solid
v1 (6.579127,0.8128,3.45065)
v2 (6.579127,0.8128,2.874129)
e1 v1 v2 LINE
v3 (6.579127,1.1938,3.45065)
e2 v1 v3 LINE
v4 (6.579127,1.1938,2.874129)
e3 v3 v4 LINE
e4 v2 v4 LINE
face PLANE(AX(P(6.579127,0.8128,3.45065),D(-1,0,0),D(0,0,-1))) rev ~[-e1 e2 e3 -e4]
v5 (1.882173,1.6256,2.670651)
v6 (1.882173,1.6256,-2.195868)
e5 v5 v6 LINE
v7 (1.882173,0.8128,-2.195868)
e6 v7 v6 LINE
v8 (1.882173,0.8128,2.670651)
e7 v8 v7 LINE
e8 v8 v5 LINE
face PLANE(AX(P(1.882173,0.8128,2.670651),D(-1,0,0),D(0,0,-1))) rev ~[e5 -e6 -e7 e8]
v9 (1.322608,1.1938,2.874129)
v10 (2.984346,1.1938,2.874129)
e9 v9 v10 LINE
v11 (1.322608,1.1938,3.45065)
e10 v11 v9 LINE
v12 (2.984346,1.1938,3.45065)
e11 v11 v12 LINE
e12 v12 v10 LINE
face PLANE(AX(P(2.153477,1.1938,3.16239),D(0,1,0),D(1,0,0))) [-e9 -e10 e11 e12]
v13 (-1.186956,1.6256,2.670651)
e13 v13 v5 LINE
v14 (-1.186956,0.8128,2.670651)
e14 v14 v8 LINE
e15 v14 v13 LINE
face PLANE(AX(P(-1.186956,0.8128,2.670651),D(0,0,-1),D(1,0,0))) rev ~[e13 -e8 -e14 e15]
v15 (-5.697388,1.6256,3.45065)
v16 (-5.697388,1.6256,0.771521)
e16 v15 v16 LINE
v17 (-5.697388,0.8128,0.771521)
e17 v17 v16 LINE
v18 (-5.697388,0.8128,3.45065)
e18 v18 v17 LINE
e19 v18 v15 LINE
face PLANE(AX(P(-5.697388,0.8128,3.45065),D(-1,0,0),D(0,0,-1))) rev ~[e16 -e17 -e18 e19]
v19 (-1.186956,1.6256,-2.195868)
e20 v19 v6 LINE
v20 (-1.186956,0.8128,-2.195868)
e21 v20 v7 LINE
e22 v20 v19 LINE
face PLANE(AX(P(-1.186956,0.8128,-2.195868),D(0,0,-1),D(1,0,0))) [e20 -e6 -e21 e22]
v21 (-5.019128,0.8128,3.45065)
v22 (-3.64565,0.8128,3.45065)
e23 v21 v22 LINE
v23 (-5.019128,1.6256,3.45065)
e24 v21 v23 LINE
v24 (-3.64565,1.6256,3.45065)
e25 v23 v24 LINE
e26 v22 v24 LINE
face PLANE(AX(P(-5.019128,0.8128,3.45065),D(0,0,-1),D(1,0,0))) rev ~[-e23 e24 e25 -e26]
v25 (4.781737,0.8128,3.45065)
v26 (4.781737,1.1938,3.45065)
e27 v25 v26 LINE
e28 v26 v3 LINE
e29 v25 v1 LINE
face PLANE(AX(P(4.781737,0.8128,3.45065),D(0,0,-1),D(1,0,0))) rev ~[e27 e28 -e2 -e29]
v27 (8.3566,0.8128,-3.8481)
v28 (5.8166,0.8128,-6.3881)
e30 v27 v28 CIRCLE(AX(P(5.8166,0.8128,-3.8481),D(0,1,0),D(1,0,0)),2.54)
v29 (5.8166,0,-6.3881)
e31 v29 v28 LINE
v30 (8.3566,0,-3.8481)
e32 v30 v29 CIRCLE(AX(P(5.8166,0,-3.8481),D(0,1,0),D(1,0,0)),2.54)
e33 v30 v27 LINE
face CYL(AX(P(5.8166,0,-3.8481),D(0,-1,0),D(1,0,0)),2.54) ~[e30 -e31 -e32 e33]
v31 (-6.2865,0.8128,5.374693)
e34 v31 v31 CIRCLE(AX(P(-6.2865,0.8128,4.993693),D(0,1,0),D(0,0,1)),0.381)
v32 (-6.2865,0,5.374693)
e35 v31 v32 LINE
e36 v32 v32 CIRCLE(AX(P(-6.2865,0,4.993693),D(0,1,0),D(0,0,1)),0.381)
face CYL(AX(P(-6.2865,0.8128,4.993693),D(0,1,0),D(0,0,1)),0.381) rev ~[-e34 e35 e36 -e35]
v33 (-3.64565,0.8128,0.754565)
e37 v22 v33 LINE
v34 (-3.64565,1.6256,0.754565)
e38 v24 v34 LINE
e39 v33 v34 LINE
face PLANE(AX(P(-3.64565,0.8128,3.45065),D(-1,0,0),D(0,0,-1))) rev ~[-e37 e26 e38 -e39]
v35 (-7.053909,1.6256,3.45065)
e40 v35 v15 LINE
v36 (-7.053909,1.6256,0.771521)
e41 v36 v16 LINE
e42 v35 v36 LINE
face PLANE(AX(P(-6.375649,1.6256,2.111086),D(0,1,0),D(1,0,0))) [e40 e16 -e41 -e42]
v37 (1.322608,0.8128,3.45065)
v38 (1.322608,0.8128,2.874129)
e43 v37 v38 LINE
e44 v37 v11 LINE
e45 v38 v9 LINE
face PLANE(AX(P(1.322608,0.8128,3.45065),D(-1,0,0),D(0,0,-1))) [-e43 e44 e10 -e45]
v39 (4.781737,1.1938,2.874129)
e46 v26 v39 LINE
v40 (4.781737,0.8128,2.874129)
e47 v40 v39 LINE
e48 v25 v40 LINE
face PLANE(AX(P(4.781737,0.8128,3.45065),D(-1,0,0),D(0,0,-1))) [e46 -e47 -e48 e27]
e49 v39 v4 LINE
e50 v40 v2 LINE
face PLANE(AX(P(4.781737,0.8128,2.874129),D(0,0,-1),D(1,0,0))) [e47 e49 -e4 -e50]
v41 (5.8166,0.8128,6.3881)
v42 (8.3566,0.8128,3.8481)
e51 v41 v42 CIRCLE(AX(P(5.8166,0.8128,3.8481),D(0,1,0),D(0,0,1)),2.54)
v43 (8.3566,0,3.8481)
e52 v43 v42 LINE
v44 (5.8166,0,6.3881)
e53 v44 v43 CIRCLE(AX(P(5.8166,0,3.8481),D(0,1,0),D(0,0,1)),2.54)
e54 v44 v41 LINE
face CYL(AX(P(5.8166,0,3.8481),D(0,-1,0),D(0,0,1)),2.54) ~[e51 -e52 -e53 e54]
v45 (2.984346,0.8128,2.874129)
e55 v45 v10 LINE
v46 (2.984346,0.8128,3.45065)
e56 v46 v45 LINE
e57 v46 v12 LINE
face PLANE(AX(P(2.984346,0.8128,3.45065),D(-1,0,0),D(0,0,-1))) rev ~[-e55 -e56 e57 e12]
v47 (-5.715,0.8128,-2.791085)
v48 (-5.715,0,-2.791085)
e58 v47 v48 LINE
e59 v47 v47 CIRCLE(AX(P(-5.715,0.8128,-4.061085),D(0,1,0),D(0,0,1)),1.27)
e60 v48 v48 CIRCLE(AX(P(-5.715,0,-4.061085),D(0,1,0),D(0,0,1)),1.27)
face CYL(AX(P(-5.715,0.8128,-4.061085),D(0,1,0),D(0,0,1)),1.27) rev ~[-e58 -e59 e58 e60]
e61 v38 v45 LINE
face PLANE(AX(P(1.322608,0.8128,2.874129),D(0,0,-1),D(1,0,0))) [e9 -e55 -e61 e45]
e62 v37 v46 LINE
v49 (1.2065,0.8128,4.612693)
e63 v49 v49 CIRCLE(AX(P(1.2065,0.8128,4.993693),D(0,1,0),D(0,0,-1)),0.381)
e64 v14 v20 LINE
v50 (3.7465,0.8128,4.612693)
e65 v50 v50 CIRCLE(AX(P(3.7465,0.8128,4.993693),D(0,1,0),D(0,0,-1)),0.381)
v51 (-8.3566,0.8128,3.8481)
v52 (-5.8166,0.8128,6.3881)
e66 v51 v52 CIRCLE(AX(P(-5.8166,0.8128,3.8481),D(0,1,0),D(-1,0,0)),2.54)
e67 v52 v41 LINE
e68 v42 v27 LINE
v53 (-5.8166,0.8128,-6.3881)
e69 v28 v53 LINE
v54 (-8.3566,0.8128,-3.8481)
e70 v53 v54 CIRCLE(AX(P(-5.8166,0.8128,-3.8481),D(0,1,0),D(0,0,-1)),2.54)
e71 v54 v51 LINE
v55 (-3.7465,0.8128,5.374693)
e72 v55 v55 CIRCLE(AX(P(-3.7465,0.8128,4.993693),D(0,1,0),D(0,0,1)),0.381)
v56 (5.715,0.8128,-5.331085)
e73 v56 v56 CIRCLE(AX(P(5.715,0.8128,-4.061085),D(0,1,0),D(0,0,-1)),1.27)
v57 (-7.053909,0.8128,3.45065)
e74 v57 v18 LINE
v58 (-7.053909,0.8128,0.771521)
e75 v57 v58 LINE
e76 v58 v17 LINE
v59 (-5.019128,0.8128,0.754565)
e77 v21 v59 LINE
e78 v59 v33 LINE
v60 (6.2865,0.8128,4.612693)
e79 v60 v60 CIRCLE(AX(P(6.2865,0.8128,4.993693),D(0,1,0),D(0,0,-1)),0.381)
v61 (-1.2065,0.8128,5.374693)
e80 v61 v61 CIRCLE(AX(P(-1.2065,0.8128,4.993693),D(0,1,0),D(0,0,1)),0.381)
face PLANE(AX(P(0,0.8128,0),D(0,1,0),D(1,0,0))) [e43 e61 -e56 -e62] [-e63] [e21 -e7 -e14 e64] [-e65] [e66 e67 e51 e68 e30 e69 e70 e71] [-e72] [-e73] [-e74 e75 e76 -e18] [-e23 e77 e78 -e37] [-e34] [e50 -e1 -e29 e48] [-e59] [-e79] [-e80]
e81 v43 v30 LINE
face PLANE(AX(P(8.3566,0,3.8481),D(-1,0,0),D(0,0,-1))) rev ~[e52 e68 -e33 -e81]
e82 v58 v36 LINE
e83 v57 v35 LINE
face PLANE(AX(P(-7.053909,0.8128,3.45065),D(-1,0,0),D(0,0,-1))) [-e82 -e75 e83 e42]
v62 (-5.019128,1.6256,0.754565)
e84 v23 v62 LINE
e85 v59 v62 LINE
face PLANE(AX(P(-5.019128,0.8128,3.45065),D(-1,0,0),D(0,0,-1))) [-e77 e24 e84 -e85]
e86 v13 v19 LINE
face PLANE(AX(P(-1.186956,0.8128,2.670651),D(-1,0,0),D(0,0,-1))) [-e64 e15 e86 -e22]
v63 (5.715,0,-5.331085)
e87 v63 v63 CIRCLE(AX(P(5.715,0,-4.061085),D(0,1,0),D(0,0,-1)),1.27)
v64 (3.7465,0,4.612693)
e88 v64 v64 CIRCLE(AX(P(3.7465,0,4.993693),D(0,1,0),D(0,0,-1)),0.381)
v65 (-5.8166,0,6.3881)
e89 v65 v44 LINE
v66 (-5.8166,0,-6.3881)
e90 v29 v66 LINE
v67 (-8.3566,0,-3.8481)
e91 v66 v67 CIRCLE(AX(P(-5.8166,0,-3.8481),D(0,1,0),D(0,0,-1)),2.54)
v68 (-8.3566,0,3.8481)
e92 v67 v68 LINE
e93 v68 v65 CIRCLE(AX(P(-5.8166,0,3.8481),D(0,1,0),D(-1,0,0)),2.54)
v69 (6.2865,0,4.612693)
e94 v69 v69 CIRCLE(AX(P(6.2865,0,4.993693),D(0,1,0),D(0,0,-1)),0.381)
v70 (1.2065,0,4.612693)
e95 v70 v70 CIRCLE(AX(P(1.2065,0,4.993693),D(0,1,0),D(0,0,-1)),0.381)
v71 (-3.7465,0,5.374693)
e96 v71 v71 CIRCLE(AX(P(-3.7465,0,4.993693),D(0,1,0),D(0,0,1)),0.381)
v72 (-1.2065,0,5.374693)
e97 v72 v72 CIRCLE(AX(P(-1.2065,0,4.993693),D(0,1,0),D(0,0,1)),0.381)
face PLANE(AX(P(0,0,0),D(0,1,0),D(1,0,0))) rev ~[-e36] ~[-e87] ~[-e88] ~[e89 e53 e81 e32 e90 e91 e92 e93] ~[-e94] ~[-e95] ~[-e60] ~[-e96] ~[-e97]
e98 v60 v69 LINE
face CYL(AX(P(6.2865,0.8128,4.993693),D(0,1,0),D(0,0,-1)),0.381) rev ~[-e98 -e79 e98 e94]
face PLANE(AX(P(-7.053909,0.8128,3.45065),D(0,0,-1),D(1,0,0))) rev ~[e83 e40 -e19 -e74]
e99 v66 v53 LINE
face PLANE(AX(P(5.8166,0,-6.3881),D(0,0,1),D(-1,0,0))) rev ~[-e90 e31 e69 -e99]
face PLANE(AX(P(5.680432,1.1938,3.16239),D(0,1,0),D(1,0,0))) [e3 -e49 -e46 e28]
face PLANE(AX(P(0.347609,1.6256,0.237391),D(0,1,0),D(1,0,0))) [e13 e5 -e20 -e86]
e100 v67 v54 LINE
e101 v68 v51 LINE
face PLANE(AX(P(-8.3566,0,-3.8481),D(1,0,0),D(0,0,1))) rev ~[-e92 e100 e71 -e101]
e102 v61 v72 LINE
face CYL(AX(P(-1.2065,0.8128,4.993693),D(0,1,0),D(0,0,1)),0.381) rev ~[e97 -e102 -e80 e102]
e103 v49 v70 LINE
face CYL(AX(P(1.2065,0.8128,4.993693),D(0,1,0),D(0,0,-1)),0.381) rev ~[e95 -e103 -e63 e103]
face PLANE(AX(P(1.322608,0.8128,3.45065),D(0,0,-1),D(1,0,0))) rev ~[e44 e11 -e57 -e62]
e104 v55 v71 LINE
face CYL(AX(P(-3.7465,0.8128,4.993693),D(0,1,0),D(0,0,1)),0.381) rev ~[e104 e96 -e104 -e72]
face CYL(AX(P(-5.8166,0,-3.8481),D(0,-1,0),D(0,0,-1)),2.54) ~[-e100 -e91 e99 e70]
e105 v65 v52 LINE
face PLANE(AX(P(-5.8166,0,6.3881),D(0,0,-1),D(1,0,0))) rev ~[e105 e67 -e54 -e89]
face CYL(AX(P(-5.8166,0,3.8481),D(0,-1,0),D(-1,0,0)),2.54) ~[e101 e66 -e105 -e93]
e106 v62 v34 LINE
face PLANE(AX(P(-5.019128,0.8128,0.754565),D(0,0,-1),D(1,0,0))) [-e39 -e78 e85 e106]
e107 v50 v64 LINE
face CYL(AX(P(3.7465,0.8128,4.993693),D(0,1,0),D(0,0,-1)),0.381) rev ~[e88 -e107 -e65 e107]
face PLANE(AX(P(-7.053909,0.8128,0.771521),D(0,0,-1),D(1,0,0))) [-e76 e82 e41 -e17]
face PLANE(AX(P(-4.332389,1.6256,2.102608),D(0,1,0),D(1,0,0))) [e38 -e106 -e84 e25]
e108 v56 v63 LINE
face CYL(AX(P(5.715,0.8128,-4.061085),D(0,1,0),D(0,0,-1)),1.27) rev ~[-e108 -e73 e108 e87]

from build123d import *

# Parameters (mm, degrees)
BOSS_EXTRUDE1_DEPTH = 0.8128
SKETCH2_R           = 0.381
SKETCH2_R_2         = 1.27
CUT_EXTRUDE1_DEPTH  = 0.8128
SKETCH4_W           = 3.069128824
SKETCH4_H           = 4.866519185
SKETCH4_W_2         = 1.37347754
SKETCH4_H_2         = 2.696085542
SKETCH4_W_3         = 1.356521027
SKETCH4_H_3         = 2.679129029
BOSS_EXTRUDE2_DEPTH = 0.8128
SKETCH4_3_W         = 1.661738258
SKETCH4_3_H         = 0.576521436
SKETCH4_3_W_2       = 1.797390361
BOSS_EXTRUDE3_DEPTH = 0.381


with BuildPart() as part:
    # Sketch1 → Boss-Extrude1 (new body)
    with BuildSketch(Plane(origin=(0, 0, 0), x_dir=(1, 0, 0), z_dir=(0, 1, 0))):
        with BuildLine():
            Line((5.8166, 6.3881), (-5.8166, 6.3881))
            ThreePointArc((-5.8166, 6.3881), (-7.612651224, 5.644151224), (-8.3566, 3.8481))
            Line((-8.3566, 3.8481), (-8.3566, -3.8481))
            ThreePointArc((-8.3566, -3.8481), (-7.612651224, -5.644151224), (-5.8166, -6.3881))
            Line((-5.8166, -6.3881), (5.8166, -6.3881))
            ThreePointArc((5.8166, -6.3881), (7.612651224, -5.644151224), (8.3566, -3.8481))
            Line((8.3566, -3.8481), (8.3566, 3.8481))
            ThreePointArc((8.3566, 3.8481), (7.612651224, 5.644151224), (5.8166, 6.3881))
        make_face()
    extrude(amount=BOSS_EXTRUDE1_DEPTH)

    # Sketch2 → Cut-Extrude1 (cut)
    with BuildSketch(Plane(origin=(0, 0.8128, 0), x_dir=(1, 0, 0), z_dir=(0, 1, 0))):
        with Locations(Location((-1.2065, -4.993693032, 0), (0, 0, 270))):
            Circle(SKETCH2_R)
        with Locations(Location((-5.715, 4.061084825, 0), (0, 0, 270))):
            Circle(SKETCH2_R_2)
        with Locations(Location((-3.7465, -4.993693032, 0), (0, 0, 270))):
            Circle(SKETCH2_R)
        with Locations(Location((-6.2865, -4.993693032, 0), (0, 0, 270))):
            Circle(SKETCH2_R)
        with Locations(Location((6.2865, -4.993693032, 0), (0, 0, 90))):
            Circle(SKETCH2_R)
        with Locations(Location((3.7465, -4.993693032, 0), (0, 0, 90))):
            Circle(SKETCH2_R)
        with Locations(Location((5.715, 4.061084825, 0), (0, 0, 90))):
            Circle(SKETCH2_R_2)
        with Locations(Location((1.2065, -4.993693032, 0), (0, 0, 90))):
            Circle(SKETCH2_R)
    extrude(amount=-CUT_EXTRUDE1_DEPTH, mode=Mode.SUBTRACT)

    # Sketch4 → Boss-Extrude2 (add)
    with BuildSketch(Plane(origin=(0, 0.8128, 0), x_dir=(1, 0, 0), z_dir=(0, 1, 0))):
        with Locations((0.347608513, -0.237391179)):
            Rectangle(SKETCH4_W, SKETCH4_H)
        with Locations((-4.332389031, -2.102607592)):
            Rectangle(SKETCH4_W_2, SKETCH4_H_2)
        with Locations((-6.375648829, -2.111085849)):
            Rectangle(SKETCH4_W_3, SKETCH4_H_3)
    extrude(amount=BOSS_EXTRUDE2_DEPTH)

    # Sketch4<3> → Boss-Extrude3 (add)
    with BuildSketch(Plane(origin=(0, 0.8128, 0), x_dir=(1, 0, 0), z_dir=(0, 1, 0))):
        with Locations((2.153477131, -3.162389645)):
            Rectangle(SKETCH4_3_W, SKETCH4_3_H)
        with Locations((5.680431802, -3.162389645)):
            Rectangle(SKETCH4_3_W_2, SKETCH4_3_H)
    extrude(amount=BOSS_EXTRUDE3_DEPTH)


solid = part.part
